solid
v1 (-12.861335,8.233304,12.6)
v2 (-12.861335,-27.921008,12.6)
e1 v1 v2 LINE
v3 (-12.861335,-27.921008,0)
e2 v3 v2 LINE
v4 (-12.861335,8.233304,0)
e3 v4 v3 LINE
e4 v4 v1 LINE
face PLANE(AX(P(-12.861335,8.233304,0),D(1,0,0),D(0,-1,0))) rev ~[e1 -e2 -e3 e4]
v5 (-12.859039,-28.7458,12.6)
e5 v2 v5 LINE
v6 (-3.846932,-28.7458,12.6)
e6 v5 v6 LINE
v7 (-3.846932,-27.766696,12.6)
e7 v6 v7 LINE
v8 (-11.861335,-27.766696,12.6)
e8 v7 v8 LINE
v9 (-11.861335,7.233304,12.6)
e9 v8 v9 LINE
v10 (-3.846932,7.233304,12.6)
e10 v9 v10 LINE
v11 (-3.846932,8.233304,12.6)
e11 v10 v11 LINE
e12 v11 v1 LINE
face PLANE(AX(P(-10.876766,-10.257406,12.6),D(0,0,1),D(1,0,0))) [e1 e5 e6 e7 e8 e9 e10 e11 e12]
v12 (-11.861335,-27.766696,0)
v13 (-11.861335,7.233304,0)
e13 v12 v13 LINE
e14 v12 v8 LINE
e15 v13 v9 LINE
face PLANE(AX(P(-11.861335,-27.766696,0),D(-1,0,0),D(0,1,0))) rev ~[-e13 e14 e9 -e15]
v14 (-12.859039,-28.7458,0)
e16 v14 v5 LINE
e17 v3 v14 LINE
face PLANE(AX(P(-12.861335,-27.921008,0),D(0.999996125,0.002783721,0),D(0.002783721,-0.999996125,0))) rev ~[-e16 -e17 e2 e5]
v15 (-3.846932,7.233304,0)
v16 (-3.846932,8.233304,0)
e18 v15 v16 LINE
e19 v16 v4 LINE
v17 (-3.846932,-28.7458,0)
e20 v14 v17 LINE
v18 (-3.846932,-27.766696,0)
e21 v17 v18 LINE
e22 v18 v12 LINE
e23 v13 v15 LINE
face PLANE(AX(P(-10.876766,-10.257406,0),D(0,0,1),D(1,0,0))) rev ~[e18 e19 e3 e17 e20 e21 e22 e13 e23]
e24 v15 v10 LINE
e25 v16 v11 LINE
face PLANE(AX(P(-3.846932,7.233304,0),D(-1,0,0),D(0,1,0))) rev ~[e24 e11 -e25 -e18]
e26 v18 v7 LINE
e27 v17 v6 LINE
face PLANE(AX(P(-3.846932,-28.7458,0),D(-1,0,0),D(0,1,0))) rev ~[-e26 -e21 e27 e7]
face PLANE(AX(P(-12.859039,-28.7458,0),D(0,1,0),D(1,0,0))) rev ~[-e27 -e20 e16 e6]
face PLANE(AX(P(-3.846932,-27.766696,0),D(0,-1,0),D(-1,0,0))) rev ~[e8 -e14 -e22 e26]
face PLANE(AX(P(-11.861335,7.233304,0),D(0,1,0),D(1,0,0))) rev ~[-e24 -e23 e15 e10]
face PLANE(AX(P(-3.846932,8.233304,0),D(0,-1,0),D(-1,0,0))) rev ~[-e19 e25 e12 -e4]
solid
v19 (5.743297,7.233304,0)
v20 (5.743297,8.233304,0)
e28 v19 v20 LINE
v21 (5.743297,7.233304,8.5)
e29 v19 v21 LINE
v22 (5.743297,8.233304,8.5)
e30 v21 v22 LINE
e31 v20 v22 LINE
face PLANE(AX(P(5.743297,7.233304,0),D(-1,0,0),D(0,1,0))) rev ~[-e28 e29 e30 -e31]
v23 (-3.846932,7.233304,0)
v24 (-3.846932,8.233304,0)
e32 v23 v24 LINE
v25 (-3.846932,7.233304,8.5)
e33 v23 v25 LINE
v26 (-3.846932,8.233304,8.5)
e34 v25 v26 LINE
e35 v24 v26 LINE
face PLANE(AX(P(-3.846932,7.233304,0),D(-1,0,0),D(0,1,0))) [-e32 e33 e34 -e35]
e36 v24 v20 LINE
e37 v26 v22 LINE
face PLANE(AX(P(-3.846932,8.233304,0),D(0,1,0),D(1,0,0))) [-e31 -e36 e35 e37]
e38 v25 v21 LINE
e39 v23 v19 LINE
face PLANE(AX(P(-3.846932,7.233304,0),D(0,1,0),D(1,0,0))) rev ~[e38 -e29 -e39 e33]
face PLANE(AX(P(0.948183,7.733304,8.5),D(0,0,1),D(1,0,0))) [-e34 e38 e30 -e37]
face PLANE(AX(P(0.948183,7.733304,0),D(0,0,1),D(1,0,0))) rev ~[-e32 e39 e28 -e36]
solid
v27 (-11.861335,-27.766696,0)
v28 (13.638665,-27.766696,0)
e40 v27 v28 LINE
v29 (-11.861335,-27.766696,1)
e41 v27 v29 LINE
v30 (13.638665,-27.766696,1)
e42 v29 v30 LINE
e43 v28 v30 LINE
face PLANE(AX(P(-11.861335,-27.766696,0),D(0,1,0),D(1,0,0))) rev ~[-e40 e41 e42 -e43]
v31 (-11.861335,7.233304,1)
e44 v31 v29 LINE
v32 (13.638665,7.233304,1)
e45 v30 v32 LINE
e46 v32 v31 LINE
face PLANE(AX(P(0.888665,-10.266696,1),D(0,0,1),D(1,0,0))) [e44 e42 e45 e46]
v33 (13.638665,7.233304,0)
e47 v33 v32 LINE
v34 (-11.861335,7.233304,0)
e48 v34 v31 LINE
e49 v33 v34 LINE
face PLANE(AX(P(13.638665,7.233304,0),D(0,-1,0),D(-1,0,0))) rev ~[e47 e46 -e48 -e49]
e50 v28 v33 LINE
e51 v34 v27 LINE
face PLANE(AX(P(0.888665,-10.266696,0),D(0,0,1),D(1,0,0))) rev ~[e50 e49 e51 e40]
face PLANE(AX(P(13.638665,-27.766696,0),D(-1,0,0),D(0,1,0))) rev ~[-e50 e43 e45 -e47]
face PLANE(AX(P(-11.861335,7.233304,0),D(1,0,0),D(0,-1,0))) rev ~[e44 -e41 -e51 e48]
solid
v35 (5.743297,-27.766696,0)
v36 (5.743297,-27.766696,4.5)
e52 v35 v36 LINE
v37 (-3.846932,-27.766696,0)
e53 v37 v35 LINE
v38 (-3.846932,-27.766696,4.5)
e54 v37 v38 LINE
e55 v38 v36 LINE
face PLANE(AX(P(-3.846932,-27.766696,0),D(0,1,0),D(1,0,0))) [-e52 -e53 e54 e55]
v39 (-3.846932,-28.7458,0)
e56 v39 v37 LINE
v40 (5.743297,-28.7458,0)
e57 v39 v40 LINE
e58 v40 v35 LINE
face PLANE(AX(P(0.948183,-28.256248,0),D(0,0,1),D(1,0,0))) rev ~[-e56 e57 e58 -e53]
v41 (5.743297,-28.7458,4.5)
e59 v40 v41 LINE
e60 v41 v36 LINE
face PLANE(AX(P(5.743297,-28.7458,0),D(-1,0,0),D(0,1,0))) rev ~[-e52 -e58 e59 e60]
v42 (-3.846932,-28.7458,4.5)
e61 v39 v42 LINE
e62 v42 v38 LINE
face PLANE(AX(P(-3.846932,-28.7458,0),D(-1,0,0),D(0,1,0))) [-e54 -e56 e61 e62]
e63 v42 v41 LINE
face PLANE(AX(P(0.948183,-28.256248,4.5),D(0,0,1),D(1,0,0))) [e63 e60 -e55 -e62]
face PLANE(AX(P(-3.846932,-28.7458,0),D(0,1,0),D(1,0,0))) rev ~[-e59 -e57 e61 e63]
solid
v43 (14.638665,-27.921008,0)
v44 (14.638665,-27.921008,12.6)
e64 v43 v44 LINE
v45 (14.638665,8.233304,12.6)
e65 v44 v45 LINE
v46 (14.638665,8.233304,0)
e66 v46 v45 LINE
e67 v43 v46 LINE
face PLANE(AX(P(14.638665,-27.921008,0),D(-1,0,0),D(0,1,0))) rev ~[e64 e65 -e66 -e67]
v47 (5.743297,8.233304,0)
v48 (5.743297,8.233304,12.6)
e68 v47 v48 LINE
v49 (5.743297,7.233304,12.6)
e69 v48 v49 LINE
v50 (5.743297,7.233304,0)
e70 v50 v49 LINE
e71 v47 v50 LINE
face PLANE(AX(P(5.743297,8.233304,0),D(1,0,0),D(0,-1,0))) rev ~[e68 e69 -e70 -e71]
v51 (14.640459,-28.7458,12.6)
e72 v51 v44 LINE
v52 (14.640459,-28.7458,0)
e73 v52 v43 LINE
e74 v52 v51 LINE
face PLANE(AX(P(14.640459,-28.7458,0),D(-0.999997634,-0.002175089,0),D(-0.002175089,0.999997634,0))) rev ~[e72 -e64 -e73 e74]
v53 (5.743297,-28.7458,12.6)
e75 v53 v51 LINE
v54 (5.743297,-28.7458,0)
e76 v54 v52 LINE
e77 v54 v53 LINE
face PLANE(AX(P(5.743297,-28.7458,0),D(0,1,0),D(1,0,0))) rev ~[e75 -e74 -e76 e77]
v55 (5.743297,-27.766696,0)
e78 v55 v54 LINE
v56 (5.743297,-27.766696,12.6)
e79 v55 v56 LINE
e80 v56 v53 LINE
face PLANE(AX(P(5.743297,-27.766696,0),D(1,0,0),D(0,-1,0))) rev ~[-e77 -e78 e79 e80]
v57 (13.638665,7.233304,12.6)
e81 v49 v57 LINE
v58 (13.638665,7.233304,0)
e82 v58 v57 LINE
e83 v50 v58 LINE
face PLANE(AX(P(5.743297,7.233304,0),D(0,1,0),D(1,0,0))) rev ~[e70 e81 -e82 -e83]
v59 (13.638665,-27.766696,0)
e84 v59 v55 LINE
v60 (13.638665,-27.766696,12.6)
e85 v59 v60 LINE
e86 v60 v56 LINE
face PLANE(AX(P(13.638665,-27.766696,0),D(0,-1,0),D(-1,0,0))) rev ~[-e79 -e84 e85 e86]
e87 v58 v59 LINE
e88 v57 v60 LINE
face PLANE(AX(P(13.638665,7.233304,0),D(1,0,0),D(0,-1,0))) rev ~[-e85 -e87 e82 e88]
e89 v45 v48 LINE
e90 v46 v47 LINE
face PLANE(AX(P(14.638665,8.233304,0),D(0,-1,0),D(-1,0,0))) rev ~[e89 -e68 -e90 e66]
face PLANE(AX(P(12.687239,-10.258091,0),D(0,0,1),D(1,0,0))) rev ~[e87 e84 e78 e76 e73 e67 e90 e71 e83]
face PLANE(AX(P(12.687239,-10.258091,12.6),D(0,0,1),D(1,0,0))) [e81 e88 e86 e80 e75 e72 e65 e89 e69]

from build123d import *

# Parameters (mm, degrees)
F1_DEPTH = 12.6
F2_DEPTH = 12.6
F0_W     = 9.590229
F0_H     = 0.979104
F3_DEPTH = 4.5
F0_H_2   = 1
F4_DEPTH = 8.5
F5_DEPTH = 1


with BuildPart() as f1:
    # F0 (on Top) → F1 (new body)
    with BuildSketch(Plane.XY):
        Polygon((5.743297, 8.233304), (5.743297, 7.233304), (13.638665, 7.233304), (13.638665, -27.766696), (5.743297, -27.766696), (5.743297, -28.7458), (14.640459, -28.7458), (14.638665, -27.921008), (14.638665, 8.233304), (13.620233, 8.233304), align=None)
    extrude(amount=F1_DEPTH)


with BuildPart() as f2:
    # F0 (on Top) → F2 (new body)
    with BuildSketch(Plane.XY):
        Polygon((-11.861335, -27.766696), (-11.861335, 7.233304), (-3.846932, 7.233304), (-3.846932, 8.233304), (-12.861335, 8.233304), (-12.861335, -27.921008), (-12.859039, -28.7458), (-3.846932, -28.7458), (-3.846932, -27.766696), align=None)
    extrude(amount=F2_DEPTH)


with BuildPart() as f3:
    # F0 (on Top) → F3 (new body)
    with BuildSketch(Plane.XY):
        with Locations((0.948183, -28.256248)):
            Rectangle(F0_W, F0_H)
    extrude(amount=F3_DEPTH)


with BuildPart() as f4:
    # F0 (on Top) → F4 (new body)
    with BuildSketch(Plane.XY):
        with Locations((0.948183, 7.733304)):
            Rectangle(F0_W, F0_H_2)
    extrude(amount=F4_DEPTH)


with BuildPart() as f5:
    # F0 (on Top) → F5 (new body)
    with BuildSketch(Plane.XY):
        Polygon((-3.846932, 7.233304), (-11.861335, 7.233304), (-11.861335, -27.766696), (-3.846932, -27.766696), (5.743297, -27.766696), (13.638665, -27.766696), (13.638665, 7.233304), (5.743297, 7.233304), align=None)
    extrude(amount=F5_DEPTH)


solid = Compound([f1.part, f2.part, f3.part, f4.part, f5.part])
